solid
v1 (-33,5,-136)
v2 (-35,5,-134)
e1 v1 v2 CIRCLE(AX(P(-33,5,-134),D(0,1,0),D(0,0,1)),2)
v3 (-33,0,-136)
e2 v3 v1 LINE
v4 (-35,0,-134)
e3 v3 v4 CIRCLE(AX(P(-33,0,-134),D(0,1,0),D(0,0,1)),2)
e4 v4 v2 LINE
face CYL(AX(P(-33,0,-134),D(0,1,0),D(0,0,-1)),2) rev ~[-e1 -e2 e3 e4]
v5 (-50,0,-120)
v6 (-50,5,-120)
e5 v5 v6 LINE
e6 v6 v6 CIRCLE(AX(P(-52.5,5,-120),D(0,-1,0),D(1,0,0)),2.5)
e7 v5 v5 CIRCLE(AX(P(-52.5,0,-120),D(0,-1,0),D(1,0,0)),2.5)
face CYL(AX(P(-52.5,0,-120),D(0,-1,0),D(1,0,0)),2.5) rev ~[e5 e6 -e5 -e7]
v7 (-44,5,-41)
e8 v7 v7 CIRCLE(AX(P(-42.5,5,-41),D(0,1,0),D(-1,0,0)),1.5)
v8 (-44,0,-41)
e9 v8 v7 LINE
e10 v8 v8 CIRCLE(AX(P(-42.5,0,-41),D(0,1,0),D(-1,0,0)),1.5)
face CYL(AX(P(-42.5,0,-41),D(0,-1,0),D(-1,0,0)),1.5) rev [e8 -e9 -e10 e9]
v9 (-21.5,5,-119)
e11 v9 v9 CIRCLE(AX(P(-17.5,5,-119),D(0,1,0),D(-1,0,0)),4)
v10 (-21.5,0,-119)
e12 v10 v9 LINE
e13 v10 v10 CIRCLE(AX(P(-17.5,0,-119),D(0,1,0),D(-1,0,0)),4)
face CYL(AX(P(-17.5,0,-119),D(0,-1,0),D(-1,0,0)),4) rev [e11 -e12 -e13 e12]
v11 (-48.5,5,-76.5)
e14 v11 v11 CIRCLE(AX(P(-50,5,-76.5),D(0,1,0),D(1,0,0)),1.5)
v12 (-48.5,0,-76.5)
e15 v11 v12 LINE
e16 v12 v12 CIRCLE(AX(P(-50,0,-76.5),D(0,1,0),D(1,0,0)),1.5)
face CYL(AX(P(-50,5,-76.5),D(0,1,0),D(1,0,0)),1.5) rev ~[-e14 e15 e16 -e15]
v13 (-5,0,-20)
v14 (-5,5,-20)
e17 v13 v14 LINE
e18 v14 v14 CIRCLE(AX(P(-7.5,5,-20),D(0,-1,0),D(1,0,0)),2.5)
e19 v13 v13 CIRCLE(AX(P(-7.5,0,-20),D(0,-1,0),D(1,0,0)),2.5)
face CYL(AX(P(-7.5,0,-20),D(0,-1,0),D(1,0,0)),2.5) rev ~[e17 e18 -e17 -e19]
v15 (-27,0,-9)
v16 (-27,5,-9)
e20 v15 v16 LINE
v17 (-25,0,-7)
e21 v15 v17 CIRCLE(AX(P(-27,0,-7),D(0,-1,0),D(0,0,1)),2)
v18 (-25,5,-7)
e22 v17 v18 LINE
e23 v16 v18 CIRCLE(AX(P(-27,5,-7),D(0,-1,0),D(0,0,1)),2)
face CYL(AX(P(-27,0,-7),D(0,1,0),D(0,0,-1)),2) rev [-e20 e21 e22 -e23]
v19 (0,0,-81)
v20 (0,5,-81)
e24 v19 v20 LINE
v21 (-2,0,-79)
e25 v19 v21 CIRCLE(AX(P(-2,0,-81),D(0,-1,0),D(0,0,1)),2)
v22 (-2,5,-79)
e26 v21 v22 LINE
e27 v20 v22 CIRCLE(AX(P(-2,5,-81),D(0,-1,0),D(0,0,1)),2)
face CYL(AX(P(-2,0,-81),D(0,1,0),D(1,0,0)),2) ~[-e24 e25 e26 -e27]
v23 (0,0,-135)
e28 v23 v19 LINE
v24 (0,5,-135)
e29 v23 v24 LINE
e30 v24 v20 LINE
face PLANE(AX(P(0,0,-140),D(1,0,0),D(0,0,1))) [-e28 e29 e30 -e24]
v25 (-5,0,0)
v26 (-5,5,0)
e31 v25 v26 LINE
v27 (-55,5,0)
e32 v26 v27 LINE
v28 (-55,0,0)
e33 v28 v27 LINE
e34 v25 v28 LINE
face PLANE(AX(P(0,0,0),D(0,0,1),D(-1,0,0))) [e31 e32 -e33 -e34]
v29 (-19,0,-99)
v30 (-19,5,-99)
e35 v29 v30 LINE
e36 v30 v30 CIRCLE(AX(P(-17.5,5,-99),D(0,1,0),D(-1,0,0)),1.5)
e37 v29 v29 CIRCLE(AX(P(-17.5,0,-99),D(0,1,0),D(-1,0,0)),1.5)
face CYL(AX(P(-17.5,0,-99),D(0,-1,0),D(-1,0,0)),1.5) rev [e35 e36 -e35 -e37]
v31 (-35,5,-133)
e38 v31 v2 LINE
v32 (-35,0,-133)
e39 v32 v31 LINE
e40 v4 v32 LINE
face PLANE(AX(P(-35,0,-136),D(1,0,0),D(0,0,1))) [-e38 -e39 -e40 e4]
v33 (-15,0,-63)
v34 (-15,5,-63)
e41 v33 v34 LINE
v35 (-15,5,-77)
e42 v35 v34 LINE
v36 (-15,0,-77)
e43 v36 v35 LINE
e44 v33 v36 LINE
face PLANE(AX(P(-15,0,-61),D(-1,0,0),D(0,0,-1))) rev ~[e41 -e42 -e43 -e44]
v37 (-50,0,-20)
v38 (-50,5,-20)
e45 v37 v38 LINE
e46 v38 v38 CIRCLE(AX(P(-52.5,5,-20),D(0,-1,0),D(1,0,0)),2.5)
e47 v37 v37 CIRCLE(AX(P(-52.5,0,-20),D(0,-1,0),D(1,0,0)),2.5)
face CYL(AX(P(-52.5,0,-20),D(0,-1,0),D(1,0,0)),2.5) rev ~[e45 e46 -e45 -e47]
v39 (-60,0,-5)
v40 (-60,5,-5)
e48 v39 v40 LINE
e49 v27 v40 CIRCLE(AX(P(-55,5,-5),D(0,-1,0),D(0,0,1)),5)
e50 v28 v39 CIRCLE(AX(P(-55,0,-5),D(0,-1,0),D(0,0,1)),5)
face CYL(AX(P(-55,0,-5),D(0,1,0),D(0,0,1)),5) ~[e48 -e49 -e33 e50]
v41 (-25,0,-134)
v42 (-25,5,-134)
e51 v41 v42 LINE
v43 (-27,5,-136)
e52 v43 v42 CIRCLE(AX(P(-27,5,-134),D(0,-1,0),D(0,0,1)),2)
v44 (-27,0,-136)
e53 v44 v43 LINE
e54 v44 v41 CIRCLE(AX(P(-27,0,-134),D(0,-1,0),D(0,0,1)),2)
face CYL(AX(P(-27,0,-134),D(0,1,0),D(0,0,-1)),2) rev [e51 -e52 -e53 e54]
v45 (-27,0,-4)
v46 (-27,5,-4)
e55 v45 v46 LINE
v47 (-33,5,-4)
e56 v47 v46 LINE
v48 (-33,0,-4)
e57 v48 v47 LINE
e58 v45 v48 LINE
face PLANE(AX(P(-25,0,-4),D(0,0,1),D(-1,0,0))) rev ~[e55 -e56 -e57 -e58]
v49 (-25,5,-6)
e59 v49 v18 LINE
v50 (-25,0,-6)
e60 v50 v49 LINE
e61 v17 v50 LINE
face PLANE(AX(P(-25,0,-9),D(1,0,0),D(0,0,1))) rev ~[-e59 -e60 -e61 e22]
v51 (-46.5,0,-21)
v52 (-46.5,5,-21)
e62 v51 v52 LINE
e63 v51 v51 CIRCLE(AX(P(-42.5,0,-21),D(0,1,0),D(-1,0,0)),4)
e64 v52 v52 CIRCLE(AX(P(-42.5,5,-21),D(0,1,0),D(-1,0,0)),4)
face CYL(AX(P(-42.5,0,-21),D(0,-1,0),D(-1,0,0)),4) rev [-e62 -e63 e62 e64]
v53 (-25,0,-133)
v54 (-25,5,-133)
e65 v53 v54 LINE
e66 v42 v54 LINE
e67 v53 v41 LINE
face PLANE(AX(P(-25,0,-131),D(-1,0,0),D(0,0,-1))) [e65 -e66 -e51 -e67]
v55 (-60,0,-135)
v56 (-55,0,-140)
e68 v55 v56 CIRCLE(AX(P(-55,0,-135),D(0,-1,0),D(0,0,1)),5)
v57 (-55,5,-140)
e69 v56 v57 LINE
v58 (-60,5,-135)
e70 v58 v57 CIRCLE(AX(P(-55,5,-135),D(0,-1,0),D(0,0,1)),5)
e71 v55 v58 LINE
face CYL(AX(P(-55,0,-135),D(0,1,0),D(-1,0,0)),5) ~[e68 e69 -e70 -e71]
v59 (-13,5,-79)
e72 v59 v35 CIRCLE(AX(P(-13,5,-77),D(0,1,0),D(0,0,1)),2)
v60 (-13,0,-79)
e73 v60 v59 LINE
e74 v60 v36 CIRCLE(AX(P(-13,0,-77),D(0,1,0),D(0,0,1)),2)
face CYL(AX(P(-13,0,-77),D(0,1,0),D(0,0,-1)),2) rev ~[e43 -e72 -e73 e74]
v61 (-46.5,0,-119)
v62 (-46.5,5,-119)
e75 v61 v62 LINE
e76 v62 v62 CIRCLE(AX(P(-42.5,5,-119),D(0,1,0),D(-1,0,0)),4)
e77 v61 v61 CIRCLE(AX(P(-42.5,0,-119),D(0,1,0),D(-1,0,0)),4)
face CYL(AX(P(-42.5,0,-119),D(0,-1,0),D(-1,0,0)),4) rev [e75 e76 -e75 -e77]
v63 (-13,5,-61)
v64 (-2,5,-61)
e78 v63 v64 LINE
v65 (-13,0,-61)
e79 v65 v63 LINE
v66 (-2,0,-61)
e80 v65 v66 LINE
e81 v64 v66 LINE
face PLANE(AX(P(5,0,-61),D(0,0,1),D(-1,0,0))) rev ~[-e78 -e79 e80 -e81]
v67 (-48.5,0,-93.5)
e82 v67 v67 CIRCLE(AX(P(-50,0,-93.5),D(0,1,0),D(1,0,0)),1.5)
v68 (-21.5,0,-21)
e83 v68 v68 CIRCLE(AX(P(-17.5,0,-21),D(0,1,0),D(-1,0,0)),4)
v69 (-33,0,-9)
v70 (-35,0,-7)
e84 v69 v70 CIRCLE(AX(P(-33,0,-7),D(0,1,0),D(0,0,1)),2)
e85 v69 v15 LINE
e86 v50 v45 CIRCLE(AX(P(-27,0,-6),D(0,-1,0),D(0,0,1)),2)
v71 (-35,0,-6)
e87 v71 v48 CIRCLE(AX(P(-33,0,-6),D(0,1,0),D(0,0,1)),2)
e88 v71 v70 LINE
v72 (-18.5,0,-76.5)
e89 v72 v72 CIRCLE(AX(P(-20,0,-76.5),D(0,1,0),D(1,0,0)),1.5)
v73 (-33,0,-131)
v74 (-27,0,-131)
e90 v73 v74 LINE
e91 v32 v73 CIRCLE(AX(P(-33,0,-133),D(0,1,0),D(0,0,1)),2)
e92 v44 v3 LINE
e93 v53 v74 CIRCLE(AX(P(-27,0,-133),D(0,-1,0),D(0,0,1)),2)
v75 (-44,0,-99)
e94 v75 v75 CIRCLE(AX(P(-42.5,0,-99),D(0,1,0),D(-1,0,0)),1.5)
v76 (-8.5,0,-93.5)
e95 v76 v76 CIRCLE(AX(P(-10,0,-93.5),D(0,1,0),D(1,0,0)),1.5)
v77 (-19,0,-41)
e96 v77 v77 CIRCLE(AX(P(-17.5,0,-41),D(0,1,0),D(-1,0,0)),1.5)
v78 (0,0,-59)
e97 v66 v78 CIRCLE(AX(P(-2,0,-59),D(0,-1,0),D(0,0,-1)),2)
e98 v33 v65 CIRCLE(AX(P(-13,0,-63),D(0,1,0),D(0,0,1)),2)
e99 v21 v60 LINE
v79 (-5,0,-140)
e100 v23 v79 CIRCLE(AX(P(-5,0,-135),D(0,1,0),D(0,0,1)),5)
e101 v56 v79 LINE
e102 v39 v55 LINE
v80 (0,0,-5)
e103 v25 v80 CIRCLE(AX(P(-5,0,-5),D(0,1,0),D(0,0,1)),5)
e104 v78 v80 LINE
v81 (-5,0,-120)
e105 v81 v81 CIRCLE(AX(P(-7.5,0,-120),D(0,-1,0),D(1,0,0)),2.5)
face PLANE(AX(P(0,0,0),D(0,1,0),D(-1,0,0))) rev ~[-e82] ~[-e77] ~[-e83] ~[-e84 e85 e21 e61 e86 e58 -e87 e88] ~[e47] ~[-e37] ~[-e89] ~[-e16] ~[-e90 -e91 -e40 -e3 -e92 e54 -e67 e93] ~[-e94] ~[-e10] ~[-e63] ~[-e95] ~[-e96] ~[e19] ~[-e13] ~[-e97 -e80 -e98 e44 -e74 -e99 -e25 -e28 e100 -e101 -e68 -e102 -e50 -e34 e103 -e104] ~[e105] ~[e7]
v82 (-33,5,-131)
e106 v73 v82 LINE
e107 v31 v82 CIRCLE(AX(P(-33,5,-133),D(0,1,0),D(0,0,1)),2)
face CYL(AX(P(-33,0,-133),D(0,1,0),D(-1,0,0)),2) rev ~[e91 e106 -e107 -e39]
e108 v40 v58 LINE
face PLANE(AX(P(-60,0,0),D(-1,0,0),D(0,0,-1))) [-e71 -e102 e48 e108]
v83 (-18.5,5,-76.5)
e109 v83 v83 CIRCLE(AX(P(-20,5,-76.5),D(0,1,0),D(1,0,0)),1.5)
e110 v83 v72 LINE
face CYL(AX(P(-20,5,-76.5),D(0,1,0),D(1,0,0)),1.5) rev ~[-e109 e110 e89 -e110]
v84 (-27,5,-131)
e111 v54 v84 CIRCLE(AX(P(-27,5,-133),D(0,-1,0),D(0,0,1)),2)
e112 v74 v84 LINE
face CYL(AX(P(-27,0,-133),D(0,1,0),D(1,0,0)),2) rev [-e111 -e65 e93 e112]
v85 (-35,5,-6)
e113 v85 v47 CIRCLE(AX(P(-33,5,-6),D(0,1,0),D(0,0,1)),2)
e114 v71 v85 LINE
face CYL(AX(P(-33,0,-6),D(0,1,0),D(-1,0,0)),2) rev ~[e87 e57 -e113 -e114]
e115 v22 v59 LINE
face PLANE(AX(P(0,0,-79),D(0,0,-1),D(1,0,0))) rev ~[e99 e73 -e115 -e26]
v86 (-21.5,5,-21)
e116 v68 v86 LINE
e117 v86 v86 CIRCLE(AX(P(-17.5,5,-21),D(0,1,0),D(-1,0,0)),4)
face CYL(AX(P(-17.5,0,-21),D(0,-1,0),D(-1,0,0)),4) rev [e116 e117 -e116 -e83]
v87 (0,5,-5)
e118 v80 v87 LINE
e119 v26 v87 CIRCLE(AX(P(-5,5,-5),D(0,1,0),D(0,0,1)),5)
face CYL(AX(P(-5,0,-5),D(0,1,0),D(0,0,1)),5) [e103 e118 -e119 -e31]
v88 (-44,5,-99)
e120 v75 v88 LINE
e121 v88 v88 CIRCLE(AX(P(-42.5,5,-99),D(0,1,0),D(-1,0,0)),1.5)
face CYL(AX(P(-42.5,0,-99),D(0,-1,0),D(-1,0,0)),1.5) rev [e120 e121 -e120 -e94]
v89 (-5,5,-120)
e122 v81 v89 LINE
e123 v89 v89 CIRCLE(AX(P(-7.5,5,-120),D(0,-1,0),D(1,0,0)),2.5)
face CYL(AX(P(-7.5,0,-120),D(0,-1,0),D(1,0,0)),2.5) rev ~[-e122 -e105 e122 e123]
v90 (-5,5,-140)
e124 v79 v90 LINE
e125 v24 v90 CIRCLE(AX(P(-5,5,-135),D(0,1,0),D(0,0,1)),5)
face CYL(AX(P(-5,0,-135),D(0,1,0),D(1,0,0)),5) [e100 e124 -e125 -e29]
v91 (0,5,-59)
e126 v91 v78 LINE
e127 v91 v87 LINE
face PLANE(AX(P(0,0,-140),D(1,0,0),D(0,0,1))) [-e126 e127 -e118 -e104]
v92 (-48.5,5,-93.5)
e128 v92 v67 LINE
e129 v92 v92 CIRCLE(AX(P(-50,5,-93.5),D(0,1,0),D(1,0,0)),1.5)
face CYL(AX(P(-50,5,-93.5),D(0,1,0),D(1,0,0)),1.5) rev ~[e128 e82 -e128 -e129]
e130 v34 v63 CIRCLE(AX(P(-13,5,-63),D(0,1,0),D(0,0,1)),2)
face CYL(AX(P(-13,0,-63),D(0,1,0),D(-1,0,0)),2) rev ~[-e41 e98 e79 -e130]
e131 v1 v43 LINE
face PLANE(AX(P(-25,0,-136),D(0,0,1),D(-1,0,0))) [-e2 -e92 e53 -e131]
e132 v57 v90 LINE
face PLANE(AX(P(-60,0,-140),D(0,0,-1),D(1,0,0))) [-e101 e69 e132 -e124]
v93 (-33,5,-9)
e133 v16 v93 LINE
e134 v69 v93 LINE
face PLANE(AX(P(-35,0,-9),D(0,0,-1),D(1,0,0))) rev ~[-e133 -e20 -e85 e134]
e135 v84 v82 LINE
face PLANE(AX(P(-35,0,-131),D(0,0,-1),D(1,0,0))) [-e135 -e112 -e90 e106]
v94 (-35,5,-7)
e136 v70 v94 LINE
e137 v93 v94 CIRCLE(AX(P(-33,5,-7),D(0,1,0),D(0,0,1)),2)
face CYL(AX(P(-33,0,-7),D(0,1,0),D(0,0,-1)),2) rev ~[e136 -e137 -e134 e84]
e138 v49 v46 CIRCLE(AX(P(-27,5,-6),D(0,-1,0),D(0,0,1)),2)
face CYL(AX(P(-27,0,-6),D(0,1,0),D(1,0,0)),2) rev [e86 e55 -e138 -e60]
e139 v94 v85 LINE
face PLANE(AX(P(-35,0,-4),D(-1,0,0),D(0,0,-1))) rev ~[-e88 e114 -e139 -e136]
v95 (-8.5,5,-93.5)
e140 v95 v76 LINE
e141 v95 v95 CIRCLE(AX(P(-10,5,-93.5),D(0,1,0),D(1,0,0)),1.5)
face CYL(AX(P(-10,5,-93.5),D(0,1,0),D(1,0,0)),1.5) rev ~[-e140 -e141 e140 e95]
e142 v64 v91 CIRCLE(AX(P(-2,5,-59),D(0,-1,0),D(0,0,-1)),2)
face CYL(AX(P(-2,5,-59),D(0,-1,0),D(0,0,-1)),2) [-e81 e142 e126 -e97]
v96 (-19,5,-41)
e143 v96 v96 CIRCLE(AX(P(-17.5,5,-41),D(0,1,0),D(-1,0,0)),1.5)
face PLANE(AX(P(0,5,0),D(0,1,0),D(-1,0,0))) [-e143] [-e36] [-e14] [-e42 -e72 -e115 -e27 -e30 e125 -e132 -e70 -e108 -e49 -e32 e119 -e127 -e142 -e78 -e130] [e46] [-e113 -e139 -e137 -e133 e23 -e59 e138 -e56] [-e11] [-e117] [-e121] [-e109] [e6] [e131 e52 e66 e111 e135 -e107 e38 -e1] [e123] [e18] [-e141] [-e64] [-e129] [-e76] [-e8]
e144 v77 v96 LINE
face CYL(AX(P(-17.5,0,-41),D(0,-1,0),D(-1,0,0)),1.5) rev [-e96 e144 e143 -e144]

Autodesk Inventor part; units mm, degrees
ref_plane "YZ Plane" through (0, 0, 0) normal (1, 0, 0) x (0, 1, 0)
ref_plane "XZ Plane" through (0, 0, 0) normal (0, 1, 0) x (-1, 0, 0)
ref_plane "XY Plane" through (0, 0, 0) normal (0, 0, 1) x (1, 0, 0)
sketch "Sketch1" plane through (0, 0, 0) normal (0, 1, 0) x (-1, 0, 0)
  line L0 (0, 0) -> (60, 0)
  line L1 (60, 0) -> (60, -140)
  line L2 (60, -140) -> (0, -140)
  line L3 (0, -140) -> (0, 0)
  line L4 (30, -20.8594) -> (30, -183.1932) construction
  line L5 (42.5, -21.7206) -> (42.5, -191.0157) construction
  line L6 (17.5, -21.7206) -> (17.5, -184.1979) construction
  circle A0 centre (42.5, -21) radius 4
  circle A1 centre (42.5, -41) radius 1.5
  circle A2 centre (42.5, -99) radius 1.5
  circle A3 centre (42.5, -119) radius 4
  circle A4 centre (17.5, -99) radius 1.5
  circle A5 centre (17.5, -119) radius 4
  circle A6 centre (17.5, -41) radius 1.5
  circle A7 centre (17.5, -21) radius 4
  dimension "d0" = 140
  dimension "d1" = 60
  dimension "d2" = 30
  dimension "d3" = 12.5
  dimension "d4" = 12.5
  dimension "d5" = 8
  dimension "d6" = 3
  dimension "d7" = 3
  dimension "d8" = 8
  dimension "d9" = 3
  dimension "d10" = 8
  dimension "d11" = 3
  dimension "d13" = 20
  dimension "d14" = 20
  dimension "d15" = 20
  dimension "d16" = 20
  dimension "d17" = 21
  dimension "d18" = 21
  dimension "d19" = 21
  dimension "d20" = 21
  dimension "d74" = 8
extrude "Extrusion1" add sketch "Sketch1" along normal blind 5
sketch "Sketch2" plane through (0, 0, 0) normal (0, -1, 0) x (1, 0, 0)
  circle A0 centre (-7.5, -20) radius 2.5
  circle A1 centre (-7.5, -120) radius 2.5
  circle A2 centre (-52.5, -20) radius 2.5
  circle A3 centre (-52.5, -120) radius 2.5
  line L0 (-60, 0) -> (0, 0) projected
  line L1 (0, 0) -> (0, -140) projected
  line L2 (-60, -140) -> (-60, 0) projected
  line L3 (0, -140) -> (-60, -140) projected
  dimension "d23" = 5
  dimension "d24" = 5
  dimension "d25" = 5
  dimension "d26" = 5
  dimension "d27" = 20
  dimension "d28" = 7.5
  dimension "d29" = 20
  dimension "d30" = 7.5
  dimension "d31" = 20
  dimension "d32" = 7.5
  dimension "d33" = 20
  dimension "d34" = 7.5
extrude "Extrusion2" cut sketch "Sketch2" against normal blind 10 contours A0 | A1 | A2 | A3
sketch "Sketch3" plane through (0, 0, 0) normal (0, -1, 0) x (1, 0, 0)
  line L0 (-25, -4) -> (-35, -4)
  line L1 (-35, -4) -> (-35, -9)
  line L2 (-35, -9) -> (-25, -9)
  line L3 (-25, -9) -> (-25, -4)
  line L4 (9.3646, -70) -> (-76.8402, -70) construction
  line L5 (-60, 0) -> (0, 0) projected
  line L6 (0, 0) -> (0, -140) projected
  line L7 (-25, -136) -> (-35, -136)
  line L8 (-35, -136) -> (-35, -131)
  line L9 (-35, -131) -> (-25, -131)
  line L10 (-25, -131) -> (-25, -136)
  dimension "d40" = 70
  dimension "d41" = 10
  dimension "d42" = 4
  dimension "d43" = 5
  dimension "d44" = 25
extrude "Extrusion3" cut sketch "Sketch3" against normal blind 10
fillet "Fillet2" radius 5 4 edges at (-60, 2.5, 0) (-60, 2.5, -140) (0, 2.5, -140) (0, 2.5, 0)
sketch "Sketch4" plane through (0, 5, 0) normal (0, 1, 0) x (1, 0, 0)
  circle A0 centre (-50, 76.5) radius 1.5
  circle A1 centre (-50, 93.5) radius 1.5
  circle A2 centre (-20, 76.5) radius 1.5
  circle A3 centre (-10, 93.5) radius 1.5
  line L0 (-5, 140) -> (-55, 140) projected
  line L1 (-60, 135) -> (-60, 5) projected
  line L2 (0, 5) -> (0, 135) projected
  point P0 (0, 0)
  dimension "d49" = 3
  dimension "d50" = 3
  dimension "d51" = 3
  dimension "d52" = 3
  dimension "d53" = 46.5
  dimension "d54" = 46.5
  dimension "d55" = 63.5
  dimension "d56" = 63.5
  dimension "d57" = 10
  dimension "d59" = 10
  dimension "d71" = 10
  dimension "d72" = 20
extrude "Extrusion4" cut sketch "Sketch4" against normal blind 10
sketch "Sketch5" plane through (0, 0, 0) normal (0, -1, 0) x (1, 0, 0)
  line L0 (59.7124, -61) -> (87.7124, -61) projected
  line L1 (87.7124, -79) -> (59.7124, -79) projected
  line L2 (5, -61) -> (-15, -61)
  line L3 (-15, -61) -> (-15, -79)
  line L4 (-15, -79) -> (5, -79)
  line L5 (5, -79) -> (5, -61)
  line L6 (0, -5) -> (0, -135) projected
  point P0 (0, 0)
  dimension "d66" = 15
  dimension "d67" = 5
extrude "Extrusion5" cut sketch "Sketch5" against normal blind 10
fillet "Fillet3" radius 2 4 edges at (0, 2.5, -79) (0, 2.5, -61) (-15, 2.5, -79) (-15, 2.5, -61)
fillet "Fillet4" radius 2 8 edges at (-25, 2.5, -9) (-25, 2.5, -4) (-35, 2.5, -4) (-35, 2.5, -9) (-35, 2.5, -136) (-35, 2.5, -131) (-25, 2.5, -131) (-25, 2.5, -136)
equation "\"d2\" = 0.5 * d1"
equation "\"d4\" = d3"
equation "\"d8\" = d5"
equation "\"d10\" = d5"
equation "\"d14\" = d13"
equation "\"d15\" = d13"
equation "\"d16\" = d13"
equation "\"d18\" = d17"
equation "\"d19\" = d17"
equation "\"d20\" = d17"
equation "\"d29\" = d27"
equation "\"d30\" = d28"
equation "\"d31\" = d27"
equation "\"d32\" = d28"
equation "\"d33\" = d27"
equation "\"d34\" = d28"
equation "\"d50\" = d49"
equation "\"d51\" = d49"
equation "\"d52\" = d49"
properties part number "Y-Axis_front_plate_top"
